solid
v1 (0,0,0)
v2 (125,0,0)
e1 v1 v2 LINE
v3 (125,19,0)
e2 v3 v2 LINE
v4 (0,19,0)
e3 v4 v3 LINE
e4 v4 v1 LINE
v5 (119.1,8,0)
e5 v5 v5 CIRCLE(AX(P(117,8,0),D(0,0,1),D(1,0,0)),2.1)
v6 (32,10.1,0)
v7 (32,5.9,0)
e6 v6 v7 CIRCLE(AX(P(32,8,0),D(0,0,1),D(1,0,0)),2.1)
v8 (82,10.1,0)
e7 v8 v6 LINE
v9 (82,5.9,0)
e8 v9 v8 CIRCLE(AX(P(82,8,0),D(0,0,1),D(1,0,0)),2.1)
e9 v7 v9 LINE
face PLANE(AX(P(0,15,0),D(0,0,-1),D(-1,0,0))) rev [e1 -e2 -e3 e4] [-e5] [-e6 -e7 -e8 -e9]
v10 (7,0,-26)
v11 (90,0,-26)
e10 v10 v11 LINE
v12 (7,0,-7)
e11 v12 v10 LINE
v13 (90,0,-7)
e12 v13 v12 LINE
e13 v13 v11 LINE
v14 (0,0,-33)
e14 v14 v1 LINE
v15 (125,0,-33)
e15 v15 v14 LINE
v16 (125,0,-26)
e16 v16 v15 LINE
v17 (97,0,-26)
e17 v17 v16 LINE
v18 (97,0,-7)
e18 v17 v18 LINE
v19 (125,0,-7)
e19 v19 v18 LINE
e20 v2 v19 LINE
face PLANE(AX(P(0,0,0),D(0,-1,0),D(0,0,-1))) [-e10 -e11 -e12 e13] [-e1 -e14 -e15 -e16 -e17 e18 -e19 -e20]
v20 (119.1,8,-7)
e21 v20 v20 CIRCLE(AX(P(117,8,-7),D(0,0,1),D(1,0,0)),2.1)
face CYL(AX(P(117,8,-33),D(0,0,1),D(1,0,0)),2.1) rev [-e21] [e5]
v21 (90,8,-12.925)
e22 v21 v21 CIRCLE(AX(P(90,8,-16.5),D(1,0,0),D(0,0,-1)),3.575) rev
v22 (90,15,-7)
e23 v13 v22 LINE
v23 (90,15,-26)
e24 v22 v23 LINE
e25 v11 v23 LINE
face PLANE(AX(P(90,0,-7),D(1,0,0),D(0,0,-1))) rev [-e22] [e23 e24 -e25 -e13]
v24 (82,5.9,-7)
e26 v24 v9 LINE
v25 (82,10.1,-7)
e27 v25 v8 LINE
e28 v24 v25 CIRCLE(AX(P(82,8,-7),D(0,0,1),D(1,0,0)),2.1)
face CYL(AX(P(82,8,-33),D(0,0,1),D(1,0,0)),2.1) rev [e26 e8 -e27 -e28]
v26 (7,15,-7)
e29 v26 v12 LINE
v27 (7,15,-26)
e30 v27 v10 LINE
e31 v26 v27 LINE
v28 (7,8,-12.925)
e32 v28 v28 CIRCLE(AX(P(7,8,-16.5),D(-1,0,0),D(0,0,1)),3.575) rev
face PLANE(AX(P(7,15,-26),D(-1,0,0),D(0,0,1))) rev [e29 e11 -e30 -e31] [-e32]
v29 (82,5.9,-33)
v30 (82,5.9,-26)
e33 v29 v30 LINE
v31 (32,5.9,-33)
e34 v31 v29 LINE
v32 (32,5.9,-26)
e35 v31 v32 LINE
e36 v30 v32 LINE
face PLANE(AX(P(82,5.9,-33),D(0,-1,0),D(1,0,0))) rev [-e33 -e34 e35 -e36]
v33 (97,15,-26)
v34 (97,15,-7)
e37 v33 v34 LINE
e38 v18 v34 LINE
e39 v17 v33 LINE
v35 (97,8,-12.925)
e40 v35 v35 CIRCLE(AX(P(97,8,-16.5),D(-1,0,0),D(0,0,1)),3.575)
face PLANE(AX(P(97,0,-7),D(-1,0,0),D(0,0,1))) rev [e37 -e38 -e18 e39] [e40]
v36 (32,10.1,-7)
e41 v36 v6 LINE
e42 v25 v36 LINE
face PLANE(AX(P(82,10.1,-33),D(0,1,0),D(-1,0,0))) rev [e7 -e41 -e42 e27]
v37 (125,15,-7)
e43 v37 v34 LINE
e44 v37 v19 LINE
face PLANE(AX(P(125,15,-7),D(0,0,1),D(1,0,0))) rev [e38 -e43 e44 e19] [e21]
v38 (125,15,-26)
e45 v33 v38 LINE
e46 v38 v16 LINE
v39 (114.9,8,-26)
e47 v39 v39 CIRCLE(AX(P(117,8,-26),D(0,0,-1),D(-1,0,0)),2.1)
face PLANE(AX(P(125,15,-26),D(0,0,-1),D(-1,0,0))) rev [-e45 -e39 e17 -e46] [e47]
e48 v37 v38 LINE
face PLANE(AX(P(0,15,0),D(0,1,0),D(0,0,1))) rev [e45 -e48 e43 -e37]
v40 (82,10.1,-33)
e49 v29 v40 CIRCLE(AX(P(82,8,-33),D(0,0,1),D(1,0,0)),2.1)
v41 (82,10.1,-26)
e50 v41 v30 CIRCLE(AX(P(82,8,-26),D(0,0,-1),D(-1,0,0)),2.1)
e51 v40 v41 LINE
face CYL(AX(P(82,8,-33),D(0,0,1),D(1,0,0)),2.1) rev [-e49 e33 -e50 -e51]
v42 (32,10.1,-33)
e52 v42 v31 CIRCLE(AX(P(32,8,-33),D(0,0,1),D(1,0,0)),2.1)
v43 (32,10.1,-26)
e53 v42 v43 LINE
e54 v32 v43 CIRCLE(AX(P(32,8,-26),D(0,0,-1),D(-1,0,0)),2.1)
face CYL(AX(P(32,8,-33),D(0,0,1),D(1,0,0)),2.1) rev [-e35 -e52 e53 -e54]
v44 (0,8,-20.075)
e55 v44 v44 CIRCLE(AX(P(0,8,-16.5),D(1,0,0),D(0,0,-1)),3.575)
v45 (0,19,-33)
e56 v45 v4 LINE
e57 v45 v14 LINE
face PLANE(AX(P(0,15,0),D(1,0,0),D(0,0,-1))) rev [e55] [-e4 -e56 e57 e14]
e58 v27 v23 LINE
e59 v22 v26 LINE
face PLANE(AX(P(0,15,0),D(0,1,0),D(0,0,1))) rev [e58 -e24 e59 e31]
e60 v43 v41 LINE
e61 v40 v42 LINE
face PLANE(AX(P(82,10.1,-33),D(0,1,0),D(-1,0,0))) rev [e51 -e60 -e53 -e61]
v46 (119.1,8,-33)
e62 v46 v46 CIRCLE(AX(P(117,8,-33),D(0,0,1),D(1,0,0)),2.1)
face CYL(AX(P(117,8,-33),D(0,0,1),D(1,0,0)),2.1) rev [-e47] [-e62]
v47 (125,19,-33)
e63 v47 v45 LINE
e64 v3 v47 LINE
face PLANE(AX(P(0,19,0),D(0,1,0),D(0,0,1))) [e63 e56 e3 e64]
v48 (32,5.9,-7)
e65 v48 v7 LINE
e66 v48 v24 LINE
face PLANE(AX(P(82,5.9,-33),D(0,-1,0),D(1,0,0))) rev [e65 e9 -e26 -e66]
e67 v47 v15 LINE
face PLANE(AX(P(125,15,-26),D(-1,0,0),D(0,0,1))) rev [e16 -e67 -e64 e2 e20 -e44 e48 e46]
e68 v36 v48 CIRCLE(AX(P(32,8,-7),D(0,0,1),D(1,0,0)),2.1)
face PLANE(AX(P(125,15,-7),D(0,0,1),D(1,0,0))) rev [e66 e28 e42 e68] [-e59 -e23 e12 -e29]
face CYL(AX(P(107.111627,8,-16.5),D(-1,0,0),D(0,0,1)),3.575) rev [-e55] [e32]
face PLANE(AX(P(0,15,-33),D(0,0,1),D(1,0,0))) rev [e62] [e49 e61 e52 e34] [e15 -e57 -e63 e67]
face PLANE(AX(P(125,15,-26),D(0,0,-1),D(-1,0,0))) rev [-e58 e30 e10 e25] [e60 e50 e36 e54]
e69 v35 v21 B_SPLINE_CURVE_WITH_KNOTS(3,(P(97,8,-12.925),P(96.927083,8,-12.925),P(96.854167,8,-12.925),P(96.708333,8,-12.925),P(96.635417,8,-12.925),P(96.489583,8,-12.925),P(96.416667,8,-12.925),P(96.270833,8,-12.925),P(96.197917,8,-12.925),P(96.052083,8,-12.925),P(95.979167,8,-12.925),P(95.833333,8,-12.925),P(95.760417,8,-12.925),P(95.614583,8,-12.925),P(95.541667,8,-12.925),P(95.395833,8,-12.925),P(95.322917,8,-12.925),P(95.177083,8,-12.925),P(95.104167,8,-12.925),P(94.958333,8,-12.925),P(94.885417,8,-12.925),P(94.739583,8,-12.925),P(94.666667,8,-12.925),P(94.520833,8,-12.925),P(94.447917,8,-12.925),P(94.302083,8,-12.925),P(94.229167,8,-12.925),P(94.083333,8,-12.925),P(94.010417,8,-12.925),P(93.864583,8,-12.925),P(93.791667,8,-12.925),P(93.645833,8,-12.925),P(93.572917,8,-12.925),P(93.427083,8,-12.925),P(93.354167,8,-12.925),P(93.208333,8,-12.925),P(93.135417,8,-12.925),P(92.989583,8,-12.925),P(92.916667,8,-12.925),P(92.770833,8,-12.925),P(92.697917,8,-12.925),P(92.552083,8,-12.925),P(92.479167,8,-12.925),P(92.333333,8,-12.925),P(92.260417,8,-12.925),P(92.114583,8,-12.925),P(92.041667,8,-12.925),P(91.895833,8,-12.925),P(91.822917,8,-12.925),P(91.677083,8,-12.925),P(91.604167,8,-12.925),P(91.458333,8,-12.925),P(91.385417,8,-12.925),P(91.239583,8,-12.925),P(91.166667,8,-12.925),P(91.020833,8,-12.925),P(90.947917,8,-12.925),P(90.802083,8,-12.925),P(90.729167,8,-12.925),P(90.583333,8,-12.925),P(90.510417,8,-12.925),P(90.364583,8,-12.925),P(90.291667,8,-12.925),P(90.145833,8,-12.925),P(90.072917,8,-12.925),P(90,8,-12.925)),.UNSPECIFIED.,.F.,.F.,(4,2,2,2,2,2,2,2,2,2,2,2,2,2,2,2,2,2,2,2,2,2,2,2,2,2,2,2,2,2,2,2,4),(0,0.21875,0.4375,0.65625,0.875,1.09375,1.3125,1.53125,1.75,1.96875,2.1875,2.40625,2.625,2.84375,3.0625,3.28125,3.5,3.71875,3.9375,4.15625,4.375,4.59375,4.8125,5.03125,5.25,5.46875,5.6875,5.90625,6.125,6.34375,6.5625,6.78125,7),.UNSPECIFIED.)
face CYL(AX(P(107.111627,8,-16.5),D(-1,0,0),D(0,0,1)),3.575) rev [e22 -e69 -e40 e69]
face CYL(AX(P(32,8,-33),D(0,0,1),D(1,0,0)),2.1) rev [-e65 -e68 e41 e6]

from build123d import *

# Parameters (mm, degrees)
BOSS_EXTRUDE1_DEPTH            = 15
SKETCH3_R                      = 2.1
CUT_EXTRUDE2_DEPTH             = 131.149913561
SKETCH2_W                      = 125
SKETCH2_H                      = 33
BOSS_EXTRUDE4_DEPTH            = 4
SKETCH8_W                      = 7
SKETCH8_H                      = 19
BOSS_EXTRUDE5_DEPTH            = 15
CUT_EXTRUDE4_REACH             = 125.992
SKETCH6_R                      = 3.575
CUT_EXTRUDE4_DIRECTION_2_DEPTH = 124.991935222


with BuildPart() as part:
    # Sketch1 → Boss-Extrude1 (new body)
    with BuildSketch(Plane(origin=(0, 0, 0), x_dir=(1, 0, 0), z_dir=(0, 1, 0))):
        Polygon((125, 26), (125, 33), (0, 33), (0, 0), (125, 0), (125, 7), (7, 7), (7, 26), align=None)
    extrude(amount=BOSS_EXTRUDE1_DEPTH)

    # Sketch3 → Cut-Extrude2 (cut, through all)
    with BuildSketch(Plane.XY):
        with Locations((117, 8)):
            Circle(SKETCH3_R)
        with BuildLine():
            Line((82, 5.9), (32, 5.9))
            ThreePointArc((32, 5.9), (29.9, 8), (32, 10.1))
            Line((32, 10.1), (82, 10.1))
            ThreePointArc((82, 10.1), (84.1, 8), (82, 5.9))
        make_face()
    extrude(amount=-CUT_EXTRUDE2_DEPTH, mode=Mode.SUBTRACT)

    # Sketch2 → Boss-Extrude4 (add)
    with BuildSketch(Plane(origin=(0, 15, 0), x_dir=(1, 0, 0), z_dir=(0, 1, 0))):
        with Locations((62.5, 16.5)):
            Rectangle(SKETCH2_W, SKETCH2_H)
    extrude(amount=BOSS_EXTRUDE4_DEPTH)

    # Sketch8 → Boss-Extrude5 (add)
    with BuildSketch(Plane.XZ.offset(-15)):
        with Locations((93.5, -16.5)):
            Rectangle(SKETCH8_W, SKETCH8_H)
    extrude(amount=BOSS_EXTRUDE5_DEPTH)

    # Cut-Extrude4: up to this face of the body (flat: up to its plane)
    cut_extrude4_end = Plane(part.part.faces().sort_by_distance((97, 7.5, -16.5))[0])
    # Sketch6 → Cut-Extrude4 (cut, up to the picked face)
    with BuildSketch(Plane(origin=(7, 0, 0), x_dir=(0, 0, -1), z_dir=(1, 0, 0)), mode=Mode.PRIVATE) as cut_extrude4_sk1:
        with Locations(Location((16.5, 8, 0), (0, 0, 180))):
            Circle(SKETCH6_R)
    cut_extrude4_tool1 = split(extrude(cut_extrude4_sk1.sketch, amount=CUT_EXTRUDE4_REACH, mode=Mode.PRIVATE), bisect_by=cut_extrude4_end, keep=Keep.BOTH, mode=Mode.PRIVATE)
    add(cut_extrude4_tool1.solids().sort_by(Axis((7, 8, -16.5), (1, 0, 0)))[0], mode=Mode.SUBTRACT)

    # Sketch6 → Cut-Extrude4 direction 2 (cut)
    with BuildSketch(Plane(origin=(7, 0, 0), x_dir=(0, 0, -1), z_dir=(1, 0, 0))):
        with Locations(Location((16.5, 8, 0), (0, 0, 180))):
            Circle(SKETCH6_R)
    extrude(amount=-CUT_EXTRUDE4_DIRECTION_2_DEPTH, mode=Mode.SUBTRACT)


solid = part.part
